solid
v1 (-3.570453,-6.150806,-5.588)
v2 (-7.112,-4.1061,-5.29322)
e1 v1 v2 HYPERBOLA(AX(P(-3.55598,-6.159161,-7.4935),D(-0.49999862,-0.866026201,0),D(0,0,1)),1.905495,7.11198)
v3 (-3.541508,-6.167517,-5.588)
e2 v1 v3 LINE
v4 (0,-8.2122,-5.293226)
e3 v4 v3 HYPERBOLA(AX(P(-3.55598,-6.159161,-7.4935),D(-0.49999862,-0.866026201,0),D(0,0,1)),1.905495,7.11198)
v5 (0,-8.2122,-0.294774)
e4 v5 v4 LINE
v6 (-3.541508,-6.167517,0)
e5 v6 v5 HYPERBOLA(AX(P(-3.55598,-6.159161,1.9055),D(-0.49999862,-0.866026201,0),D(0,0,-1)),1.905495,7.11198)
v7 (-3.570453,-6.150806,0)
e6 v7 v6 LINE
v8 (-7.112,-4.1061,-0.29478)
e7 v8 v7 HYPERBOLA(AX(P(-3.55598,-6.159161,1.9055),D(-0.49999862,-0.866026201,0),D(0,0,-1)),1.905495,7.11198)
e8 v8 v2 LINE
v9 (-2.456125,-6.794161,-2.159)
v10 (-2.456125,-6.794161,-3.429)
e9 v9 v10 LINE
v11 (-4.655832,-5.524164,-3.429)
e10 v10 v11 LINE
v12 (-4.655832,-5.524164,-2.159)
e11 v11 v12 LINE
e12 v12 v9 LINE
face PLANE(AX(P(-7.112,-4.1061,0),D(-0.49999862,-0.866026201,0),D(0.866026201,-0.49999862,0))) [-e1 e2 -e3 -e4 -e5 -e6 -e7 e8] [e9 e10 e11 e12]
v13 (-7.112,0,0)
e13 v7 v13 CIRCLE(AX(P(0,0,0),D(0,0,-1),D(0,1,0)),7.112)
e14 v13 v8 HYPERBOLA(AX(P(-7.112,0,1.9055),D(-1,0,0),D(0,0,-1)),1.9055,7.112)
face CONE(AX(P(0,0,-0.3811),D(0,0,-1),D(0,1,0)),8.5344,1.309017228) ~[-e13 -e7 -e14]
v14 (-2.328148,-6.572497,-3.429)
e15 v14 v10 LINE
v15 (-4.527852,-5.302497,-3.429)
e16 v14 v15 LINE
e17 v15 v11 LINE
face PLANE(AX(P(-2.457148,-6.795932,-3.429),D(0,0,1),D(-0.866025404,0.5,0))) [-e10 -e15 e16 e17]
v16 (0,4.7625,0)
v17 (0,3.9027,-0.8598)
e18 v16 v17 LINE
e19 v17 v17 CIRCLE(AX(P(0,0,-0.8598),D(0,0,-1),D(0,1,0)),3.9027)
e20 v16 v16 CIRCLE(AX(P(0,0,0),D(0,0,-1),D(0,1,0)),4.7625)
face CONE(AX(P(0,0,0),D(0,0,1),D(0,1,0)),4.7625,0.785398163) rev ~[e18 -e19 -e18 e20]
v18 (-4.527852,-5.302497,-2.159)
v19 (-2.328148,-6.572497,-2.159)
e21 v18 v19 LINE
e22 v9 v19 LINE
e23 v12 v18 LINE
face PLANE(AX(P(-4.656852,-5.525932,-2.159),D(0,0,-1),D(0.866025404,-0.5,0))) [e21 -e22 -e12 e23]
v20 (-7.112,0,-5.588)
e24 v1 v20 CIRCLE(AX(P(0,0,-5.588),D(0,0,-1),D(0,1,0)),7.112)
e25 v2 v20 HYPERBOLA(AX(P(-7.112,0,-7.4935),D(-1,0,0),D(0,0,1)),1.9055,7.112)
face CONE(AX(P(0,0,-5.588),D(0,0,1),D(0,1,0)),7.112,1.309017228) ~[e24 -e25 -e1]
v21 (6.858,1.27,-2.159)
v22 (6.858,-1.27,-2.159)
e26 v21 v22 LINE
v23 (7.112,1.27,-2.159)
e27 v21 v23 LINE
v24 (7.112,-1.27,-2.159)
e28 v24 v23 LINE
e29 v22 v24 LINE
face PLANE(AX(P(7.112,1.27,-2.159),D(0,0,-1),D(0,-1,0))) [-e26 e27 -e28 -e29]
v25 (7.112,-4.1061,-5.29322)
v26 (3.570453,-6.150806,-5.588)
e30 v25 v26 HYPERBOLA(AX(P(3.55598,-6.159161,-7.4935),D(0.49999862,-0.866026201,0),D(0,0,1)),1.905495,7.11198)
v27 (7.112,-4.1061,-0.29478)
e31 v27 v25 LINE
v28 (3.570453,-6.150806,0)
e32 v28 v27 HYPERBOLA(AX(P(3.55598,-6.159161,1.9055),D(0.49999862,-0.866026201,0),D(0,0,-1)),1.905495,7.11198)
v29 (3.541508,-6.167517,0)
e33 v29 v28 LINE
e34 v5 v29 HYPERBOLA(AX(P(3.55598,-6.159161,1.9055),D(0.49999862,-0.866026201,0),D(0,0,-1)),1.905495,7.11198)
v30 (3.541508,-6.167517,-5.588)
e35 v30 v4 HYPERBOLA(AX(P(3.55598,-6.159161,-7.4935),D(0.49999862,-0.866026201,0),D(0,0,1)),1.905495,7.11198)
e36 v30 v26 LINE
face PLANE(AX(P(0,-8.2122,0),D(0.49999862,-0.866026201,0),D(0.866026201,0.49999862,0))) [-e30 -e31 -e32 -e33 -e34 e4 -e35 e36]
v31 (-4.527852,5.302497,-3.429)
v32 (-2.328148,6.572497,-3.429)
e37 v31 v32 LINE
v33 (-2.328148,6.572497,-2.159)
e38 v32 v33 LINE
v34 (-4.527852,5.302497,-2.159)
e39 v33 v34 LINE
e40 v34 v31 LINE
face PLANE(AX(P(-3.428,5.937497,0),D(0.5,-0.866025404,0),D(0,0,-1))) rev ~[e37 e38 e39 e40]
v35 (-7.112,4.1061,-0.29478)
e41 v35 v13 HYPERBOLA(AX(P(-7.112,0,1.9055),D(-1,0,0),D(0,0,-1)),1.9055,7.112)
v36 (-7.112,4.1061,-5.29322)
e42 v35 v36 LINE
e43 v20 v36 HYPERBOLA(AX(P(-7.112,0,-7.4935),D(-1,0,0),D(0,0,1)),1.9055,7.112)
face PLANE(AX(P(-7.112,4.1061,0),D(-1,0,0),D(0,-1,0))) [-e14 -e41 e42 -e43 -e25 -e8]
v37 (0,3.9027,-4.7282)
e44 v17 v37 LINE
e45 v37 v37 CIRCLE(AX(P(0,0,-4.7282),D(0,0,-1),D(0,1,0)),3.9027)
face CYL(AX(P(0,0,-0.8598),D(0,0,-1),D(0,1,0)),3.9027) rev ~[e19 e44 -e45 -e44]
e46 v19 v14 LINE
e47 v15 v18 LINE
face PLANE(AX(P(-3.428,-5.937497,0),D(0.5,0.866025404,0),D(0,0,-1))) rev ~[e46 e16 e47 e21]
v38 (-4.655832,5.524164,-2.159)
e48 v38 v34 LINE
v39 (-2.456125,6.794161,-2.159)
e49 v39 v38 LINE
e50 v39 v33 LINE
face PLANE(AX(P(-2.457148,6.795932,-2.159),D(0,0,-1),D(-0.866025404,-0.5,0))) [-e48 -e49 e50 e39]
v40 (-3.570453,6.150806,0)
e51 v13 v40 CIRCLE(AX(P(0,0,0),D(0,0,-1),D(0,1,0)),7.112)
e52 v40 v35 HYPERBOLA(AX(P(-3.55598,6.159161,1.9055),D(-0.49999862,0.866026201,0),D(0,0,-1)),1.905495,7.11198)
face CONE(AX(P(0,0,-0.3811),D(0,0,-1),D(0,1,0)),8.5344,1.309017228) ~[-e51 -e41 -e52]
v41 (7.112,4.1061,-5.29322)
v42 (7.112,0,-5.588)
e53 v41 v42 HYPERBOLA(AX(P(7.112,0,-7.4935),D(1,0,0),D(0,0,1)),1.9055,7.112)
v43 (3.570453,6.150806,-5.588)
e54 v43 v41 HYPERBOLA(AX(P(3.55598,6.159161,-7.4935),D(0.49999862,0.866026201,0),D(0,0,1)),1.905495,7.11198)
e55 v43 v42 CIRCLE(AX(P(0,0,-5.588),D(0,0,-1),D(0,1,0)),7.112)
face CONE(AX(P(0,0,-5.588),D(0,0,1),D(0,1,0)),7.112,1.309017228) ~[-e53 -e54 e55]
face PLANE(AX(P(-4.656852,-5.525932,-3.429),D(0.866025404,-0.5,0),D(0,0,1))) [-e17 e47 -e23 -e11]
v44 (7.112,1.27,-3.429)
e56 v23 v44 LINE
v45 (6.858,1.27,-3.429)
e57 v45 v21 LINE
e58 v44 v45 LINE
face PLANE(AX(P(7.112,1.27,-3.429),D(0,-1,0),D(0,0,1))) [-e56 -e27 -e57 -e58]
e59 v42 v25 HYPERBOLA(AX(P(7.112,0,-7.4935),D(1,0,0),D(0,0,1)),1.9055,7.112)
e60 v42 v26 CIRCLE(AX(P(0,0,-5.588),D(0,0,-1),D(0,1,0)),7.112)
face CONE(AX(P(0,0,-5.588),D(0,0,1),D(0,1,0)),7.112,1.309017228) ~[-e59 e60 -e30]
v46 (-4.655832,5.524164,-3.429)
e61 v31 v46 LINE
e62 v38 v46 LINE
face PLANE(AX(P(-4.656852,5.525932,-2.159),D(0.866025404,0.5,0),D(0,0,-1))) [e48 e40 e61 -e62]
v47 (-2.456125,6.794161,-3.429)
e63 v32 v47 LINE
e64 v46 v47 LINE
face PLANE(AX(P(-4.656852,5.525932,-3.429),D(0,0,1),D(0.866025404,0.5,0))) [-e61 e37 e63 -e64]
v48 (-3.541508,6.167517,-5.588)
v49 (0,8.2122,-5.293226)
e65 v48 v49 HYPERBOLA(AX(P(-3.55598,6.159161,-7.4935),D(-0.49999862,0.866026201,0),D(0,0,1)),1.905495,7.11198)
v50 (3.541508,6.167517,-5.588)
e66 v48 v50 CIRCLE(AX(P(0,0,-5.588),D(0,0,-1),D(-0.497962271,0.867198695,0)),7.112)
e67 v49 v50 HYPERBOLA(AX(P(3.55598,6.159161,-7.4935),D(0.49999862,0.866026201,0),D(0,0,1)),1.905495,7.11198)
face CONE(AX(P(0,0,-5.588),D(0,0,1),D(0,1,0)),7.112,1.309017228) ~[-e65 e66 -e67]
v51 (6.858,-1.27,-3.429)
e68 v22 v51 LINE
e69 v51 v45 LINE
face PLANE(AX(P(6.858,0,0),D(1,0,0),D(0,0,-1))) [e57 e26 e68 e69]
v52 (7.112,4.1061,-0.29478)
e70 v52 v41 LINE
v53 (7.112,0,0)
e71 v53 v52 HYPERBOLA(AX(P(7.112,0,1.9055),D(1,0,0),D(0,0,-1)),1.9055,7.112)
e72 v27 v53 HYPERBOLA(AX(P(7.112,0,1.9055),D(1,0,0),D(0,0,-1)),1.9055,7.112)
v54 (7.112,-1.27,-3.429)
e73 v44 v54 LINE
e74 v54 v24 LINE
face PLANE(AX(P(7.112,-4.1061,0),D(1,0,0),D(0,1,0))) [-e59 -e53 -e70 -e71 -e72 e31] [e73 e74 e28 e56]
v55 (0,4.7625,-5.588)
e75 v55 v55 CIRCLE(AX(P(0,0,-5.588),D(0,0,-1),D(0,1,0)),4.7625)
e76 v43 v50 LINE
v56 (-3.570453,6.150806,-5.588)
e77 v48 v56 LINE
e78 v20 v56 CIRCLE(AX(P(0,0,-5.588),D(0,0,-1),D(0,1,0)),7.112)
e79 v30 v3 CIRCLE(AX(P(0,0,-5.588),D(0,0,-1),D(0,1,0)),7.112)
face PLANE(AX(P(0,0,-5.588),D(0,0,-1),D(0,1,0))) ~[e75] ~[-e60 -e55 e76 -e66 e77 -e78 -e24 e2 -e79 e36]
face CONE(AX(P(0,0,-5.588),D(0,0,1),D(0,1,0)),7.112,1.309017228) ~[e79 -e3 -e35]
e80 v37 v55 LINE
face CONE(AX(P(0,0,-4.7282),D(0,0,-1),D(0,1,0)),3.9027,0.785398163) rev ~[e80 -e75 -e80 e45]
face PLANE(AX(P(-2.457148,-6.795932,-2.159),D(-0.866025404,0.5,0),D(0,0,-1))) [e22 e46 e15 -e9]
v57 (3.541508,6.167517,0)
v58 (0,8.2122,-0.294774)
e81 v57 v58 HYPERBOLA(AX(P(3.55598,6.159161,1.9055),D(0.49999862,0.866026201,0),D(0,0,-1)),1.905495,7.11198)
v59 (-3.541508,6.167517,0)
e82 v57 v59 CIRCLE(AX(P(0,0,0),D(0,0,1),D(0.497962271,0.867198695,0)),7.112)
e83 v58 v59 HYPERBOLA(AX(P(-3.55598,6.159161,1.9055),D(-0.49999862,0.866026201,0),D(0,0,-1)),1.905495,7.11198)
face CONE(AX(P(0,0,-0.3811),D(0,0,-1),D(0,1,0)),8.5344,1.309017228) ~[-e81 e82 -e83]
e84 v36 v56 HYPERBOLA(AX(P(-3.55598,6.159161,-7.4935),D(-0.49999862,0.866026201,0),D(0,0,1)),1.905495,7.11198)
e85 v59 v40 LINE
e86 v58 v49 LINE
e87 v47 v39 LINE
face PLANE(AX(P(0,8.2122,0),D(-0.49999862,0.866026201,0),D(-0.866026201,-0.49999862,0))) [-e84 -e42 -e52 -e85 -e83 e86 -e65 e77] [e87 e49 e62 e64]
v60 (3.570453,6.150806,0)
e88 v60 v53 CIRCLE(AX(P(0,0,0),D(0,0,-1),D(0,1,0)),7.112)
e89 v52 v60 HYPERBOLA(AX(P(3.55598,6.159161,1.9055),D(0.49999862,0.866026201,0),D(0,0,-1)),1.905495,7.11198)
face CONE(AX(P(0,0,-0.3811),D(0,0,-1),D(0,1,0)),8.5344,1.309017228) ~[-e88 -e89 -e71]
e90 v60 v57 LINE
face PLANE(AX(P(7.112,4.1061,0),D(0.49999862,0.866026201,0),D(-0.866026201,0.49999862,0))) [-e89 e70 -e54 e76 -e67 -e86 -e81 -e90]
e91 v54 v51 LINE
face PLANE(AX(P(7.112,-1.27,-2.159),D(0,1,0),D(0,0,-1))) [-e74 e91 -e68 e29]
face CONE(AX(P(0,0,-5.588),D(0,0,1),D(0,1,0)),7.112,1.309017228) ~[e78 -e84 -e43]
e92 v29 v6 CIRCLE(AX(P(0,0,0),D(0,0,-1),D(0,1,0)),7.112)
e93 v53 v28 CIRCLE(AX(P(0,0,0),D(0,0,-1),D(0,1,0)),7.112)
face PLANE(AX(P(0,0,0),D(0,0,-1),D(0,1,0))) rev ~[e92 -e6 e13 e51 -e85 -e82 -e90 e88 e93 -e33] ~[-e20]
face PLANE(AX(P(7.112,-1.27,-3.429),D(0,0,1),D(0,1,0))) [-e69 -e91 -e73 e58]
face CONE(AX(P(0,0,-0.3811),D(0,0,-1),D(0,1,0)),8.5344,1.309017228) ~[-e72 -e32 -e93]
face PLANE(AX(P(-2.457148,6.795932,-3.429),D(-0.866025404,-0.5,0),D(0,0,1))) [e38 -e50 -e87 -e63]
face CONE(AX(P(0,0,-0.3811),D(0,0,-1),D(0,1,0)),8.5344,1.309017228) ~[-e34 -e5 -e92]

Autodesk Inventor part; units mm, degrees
sketch "Sketch_1" plane through (0, 0, 0) normal (1, 0, 0) x (0, 1, 0)
  line L0 (0, -5.588) -> (0, 0)
  line L1 (4.7625, 0) -> (3.9027, -0.8598)
  line L2 (3.9027, -0.8598) -> (3.9027, -4.7282)
  line L3 (3.9027, -4.7282) -> (4.7625, -5.588)
  line L4 (4.7625, -5.588) -> (7.112, -5.588)
  line L5 (7.112, -5.588) -> (8.5344, -5.2069)
  line L6 (8.5344, -5.2069) -> (8.5344, -0.3811)
  line L7 (8.5344, -0.3811) -> (7.112, 0)
  line L8 (7.112, 0) -> (4.7625, 0)
revolve "Revolution1" add sketch "Sketch_1" angle 360 about axis through (0, 0, -5.588) along (0, 0, -1)
thread "Thread1" size "3/8-16 UNC" class "2B" standard "ANSI Unified Screw Threads" full length
sketch "Sketch_2" plane through (0, 0, 0) normal (0, 0, 1) x (1, 0, 0)
  circle A0 centre (0, 0) radius 15.24
  line L0 (-7.112, -4.1061) -> (0, -8.2122)
  line L1 (0, -8.2122) -> (7.112, -4.1061)
  line L2 (7.112, -4.1061) -> (7.112, 4.1061)
  line L3 (7.112, 4.1061) -> (0, 8.2122)
  line L4 (0, 8.2122) -> (-7.112, 4.1061)
  line L5 (-7.112, 4.1061) -> (-7.112, -4.1061)
extrude "Extrusion1" cut sketch "Sketch_2" against normal blind 5.588
sketch "Sketch_3" plane through (7.112, 0, 0) normal (1, 0, 0) x (0, 0, -1)
  line L0 (2.159, 1.27) -> (2.159, -1.27)
  line L1 (2.159, -1.27) -> (3.429, -1.27)
  line L2 (3.429, -1.27) -> (3.429, 1.27)
  line L3 (3.429, 1.27) -> (2.159, 1.27)
extrude "Extrusion2" cut sketch "Sketch_3" along normal mid plane 0.508
sketch "Sketch_4" plane through (-3.556, 6.1592, 0) normal (0.5, -0.866, 0) x (0, 0, -1)
  line L0 (2.159, 1.27) -> (2.159, -1.27)
  line L1 (2.159, -1.27) -> (3.429, -1.27)
  line L2 (3.429, -1.27) -> (3.429, 1.27)
  line L3 (3.429, 1.27) -> (2.159, 1.27)
extrude "Extrusion3" cut sketch "Sketch_4" along normal mid plane 0.508
sketch "Sketch_5" plane through (-3.556, -6.1592, 0) normal (0.5, 0.866, 0) x (0, 0, -1)
  line L0 (2.159, 1.27) -> (2.159, -1.27)
  line L1 (2.159, -1.27) -> (3.429, -1.27)
  line L2 (3.429, -1.27) -> (3.429, 1.27)
  line L3 (3.429, 1.27) -> (2.159, 1.27)
extrude "Extrusion4" cut sketch "Sketch_5" along normal mid plane 0.508
ref_plane "nut_XY" through (0, 0, 0) normal (0, 0, -1) x (1, 0, 0)
ref_plane "nut_YZ" through (0, 0, 0) normal (1, 0, 0) x (0, -1, 0)
ref_plane "nut_ZX" through (0, 0, 0) normal (0, -1, 0) x (0, 0, -1)
properties part number "2LOPRO-NUT"
